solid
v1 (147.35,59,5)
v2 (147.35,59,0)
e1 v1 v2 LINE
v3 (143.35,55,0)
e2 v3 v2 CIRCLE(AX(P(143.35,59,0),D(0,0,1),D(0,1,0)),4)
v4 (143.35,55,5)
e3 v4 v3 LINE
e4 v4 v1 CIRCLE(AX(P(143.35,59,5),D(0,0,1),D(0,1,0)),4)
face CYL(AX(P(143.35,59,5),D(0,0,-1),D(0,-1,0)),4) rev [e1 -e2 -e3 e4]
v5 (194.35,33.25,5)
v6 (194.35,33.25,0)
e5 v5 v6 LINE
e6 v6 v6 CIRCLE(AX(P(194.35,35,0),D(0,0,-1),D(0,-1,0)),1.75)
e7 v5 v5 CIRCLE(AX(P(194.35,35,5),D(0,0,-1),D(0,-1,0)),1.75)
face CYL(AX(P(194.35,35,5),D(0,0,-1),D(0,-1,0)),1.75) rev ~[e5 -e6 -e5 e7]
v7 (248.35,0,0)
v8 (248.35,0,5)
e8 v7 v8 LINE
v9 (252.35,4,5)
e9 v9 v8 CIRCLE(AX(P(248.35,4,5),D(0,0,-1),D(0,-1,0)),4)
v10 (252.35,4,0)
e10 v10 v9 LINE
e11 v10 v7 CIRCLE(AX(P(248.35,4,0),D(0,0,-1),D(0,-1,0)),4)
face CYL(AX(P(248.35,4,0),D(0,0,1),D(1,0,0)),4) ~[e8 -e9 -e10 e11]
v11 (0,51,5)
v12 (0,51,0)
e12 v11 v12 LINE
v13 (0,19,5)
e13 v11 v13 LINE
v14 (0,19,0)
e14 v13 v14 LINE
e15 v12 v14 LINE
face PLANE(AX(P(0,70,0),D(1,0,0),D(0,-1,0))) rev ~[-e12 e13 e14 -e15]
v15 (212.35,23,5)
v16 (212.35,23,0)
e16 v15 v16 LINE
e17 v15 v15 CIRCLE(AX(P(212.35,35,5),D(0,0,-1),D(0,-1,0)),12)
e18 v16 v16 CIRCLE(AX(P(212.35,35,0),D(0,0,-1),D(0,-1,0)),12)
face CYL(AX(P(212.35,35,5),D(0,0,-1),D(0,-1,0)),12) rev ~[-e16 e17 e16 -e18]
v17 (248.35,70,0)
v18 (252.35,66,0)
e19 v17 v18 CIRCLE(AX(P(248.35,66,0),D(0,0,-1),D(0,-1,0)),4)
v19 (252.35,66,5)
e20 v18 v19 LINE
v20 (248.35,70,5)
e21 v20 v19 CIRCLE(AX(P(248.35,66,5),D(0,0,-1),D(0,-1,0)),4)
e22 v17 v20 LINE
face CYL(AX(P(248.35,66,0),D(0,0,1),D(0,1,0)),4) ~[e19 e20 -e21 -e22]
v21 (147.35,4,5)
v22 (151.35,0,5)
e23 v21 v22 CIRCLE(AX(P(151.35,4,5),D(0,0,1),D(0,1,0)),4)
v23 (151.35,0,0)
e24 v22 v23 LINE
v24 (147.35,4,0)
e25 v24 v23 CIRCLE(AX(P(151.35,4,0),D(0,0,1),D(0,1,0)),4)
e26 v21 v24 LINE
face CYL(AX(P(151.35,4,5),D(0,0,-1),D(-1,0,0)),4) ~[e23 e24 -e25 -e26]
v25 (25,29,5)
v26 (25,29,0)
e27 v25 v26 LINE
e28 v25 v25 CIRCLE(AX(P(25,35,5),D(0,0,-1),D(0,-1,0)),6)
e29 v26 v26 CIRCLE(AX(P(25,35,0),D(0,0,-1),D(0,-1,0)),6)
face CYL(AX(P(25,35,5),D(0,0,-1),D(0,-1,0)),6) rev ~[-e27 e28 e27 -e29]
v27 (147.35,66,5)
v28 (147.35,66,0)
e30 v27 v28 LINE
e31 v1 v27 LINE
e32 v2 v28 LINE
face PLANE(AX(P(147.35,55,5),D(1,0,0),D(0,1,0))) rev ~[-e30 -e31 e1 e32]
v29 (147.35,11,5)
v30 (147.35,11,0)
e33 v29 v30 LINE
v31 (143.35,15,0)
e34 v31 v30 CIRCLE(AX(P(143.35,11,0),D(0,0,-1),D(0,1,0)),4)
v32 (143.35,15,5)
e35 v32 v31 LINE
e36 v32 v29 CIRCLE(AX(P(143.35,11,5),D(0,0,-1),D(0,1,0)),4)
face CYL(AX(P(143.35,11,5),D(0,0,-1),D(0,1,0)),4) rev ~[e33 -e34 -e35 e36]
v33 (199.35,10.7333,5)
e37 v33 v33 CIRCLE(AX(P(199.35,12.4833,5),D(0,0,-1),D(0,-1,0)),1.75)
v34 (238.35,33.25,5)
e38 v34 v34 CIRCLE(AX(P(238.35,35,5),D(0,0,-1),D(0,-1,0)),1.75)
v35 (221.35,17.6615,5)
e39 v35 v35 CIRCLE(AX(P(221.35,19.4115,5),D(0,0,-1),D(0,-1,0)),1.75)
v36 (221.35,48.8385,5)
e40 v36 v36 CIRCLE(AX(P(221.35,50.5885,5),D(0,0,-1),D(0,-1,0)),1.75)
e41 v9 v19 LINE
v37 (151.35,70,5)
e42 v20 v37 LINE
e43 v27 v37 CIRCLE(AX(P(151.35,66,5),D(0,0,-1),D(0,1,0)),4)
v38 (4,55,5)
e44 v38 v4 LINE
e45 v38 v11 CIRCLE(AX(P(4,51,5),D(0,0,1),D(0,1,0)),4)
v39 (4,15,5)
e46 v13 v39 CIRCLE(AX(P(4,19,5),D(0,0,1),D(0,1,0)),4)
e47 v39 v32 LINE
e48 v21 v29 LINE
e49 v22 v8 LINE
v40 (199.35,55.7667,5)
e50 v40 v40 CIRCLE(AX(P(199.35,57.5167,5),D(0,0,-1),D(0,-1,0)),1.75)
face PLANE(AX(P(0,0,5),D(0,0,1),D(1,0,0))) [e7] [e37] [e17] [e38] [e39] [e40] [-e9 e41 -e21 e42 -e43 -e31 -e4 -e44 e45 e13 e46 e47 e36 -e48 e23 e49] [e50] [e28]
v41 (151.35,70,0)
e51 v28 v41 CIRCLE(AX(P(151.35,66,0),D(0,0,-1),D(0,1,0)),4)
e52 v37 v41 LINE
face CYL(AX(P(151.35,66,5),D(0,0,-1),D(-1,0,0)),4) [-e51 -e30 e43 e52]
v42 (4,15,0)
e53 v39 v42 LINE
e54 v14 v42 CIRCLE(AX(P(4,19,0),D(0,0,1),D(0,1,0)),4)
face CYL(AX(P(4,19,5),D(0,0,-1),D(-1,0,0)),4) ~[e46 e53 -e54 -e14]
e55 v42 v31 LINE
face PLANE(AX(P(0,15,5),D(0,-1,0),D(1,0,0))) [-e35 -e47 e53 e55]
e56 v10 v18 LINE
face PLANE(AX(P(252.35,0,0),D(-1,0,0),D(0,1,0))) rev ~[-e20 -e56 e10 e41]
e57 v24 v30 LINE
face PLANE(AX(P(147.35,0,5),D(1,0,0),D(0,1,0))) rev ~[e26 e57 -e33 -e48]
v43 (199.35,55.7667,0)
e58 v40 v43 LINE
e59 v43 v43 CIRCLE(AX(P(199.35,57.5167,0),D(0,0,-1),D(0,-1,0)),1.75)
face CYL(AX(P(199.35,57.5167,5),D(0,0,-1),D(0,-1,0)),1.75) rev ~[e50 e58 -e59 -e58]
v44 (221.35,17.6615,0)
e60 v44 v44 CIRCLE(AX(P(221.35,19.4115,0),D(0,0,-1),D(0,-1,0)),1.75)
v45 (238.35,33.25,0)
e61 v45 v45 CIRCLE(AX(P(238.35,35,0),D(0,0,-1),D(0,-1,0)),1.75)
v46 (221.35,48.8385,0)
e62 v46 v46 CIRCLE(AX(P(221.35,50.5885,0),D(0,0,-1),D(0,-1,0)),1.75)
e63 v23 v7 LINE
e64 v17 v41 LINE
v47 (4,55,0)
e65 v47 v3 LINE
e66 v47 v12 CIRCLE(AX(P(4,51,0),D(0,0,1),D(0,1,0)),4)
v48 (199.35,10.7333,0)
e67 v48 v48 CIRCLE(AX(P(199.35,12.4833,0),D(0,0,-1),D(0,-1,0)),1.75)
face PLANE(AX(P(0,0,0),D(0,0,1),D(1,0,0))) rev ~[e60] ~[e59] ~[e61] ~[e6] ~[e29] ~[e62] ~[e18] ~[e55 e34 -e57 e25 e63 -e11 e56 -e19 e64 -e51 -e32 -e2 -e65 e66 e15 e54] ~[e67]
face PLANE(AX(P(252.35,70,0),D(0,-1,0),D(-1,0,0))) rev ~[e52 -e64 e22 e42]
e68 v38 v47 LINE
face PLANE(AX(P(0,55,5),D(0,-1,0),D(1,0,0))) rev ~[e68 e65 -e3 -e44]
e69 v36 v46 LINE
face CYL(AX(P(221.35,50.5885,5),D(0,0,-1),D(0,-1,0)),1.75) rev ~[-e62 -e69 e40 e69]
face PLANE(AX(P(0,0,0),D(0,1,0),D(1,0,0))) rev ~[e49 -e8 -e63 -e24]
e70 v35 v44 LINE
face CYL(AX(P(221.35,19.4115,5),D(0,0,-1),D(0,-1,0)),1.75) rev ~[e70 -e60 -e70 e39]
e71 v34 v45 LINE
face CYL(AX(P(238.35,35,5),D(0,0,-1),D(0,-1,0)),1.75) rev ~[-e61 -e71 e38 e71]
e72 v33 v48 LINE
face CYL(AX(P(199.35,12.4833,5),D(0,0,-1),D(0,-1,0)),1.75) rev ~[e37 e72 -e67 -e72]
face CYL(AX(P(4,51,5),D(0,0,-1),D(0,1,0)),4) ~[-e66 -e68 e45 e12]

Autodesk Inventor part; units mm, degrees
ref_plane "YZ Plane" through (0, 0, 0) normal (1, 0, 0) x (0, 1, 0)
ref_plane "XZ Plane" through (0, 0, 0) normal (0, 1, 0) x (-1, 0, 0)
ref_plane "XY Plane" through (0, 0, 0) normal (0, 0, 1) x (1, 0, 0)
sketch "スケッチ1" plane through (0, 0, 0) normal (0, 0, 1) x (1, 0, 0)
  line L0 (0, 0) -> (252.35, 0)
  line L1 (252.35, 0) -> (252.35, 70)
  line L2 (252.35, 70) -> (0, 70)
  line L3 (0, 70) -> (0, 0)
  dimension "d0" = 70
  dimension "d1" = 252.35
extrude "押し出し1" add sketch "スケッチ1" along normal blind 5
sketch "スケッチ2" plane through (0, 0, 5) normal (0, 0, 1) x (1, 0, 0)
  line L0 (0, 0) -> (252.35, 0) projected
  line L1 (0, 70) -> (0, 0) projected
  point P0 (25, 35)
  dimension "d4" = 35
  dimension "d5" = 25
hole "穴1" at (25, 35, 5) direction (0, 0, -1) diameter 12 end through all
sketch "スケッチ3" plane through (0, 0, 5) normal (0, 0, 1) x (1, 0, 0)
  line L0 (252.35, 0) -> (252.35, 70) projected
  circle A0 centre (25, 35) radius 6 projected
  line L1 (0, 0) -> (252.35, 0) projected
  point P0 (212.35, 35)
  dimension "d14" = 187.35
  dimension "d15" = 35
hole "穴2" at (212.35, 35, 5) direction (0, 0, -1) diameter 24 end through all
sketch "スケッチ4" plane through (0, 0, 5) normal (0, 0, 1) x (1, 0, 0)
  line L0 (252.35, 0) -> (252.35, 70) projected
  line L1 (0, 70) -> (0, 0) projected
  line L2 (252.35, 70) -> (0, 70) projected
  line L3 (0, 0) -> (252.35, 0) projected
  line L4 (0, 55) -> (147.35, 55)
  line L5 (0, 15) -> (147.35, 15)
  line L6 (147.35, 0) -> (147.35, 15)
  line L7 (147.35, 55) -> (147.35, 70)
  line L8 (147.35, 55) -> (0, 55)
  line L9 (0, 55) -> (0, 70)
  line L10 (0, 70) -> (147.35, 70)
  line L11 (147.35, 70) -> (147.35, 55)
  line L12 (147.35, 15) -> (0, 15)
  line L13 (0, 15) -> (0, 0)
  line L14 (0, 0) -> (147.35, 0)
  line L15 (147.35, 0) -> (147.35, 15)
  dimension "d24" = 15
  dimension "d25" = 15
extrude "押し出し2" cut sketch "スケッチ4" against normal blind 10 contours L3 L1 L5 L6 | L7 L4 L1 L2
fillet "フィレット1" radius 4 2 edges at (147.35, 15, 2.5) (147.35, 55, 2.5)
sketch "スケッチ5" plane through (0, 0, 5) normal (0, 0, 1) x (1, 0, 0)
  line L0 (147.35, 0) -> (252.35, 0) projected
  circle A0 centre (212.35, 35) radius 12 projected
  point P0 (0, 0)
  point P1 (238.35, 35)
  point P2 (199.35, 57.5167)
  point P3 (199.35, 12.4833)
  dimension "d29" = 35
  dimension "d30" = 26
  dimension "d33" = 360
hole "穴3" at (238.35, 35, 5) at (199.35, 57.5167, 5) at (199.35, 12.4833, 5) direction (0, 0, -1) diameter 3.5 end through all
sketch "スケッチ6" plane through (0, 0, 5) normal (0, 0, 1) x (1, 0, 0)
  circle A0 centre (212.35, 35) radius 12 projected
  line L0 (147.35, 0) -> (252.35, 0) projected
  point P0 (0, 0)
  point P1 (194.35, 35)
  point P2 (221.35, 19.4115)
  point P3 (221.35, 50.5885)
  dimension "d42" = 18
  dimension "d43" = 35
  dimension "d46" = 360
hole "穴4" at (194.35, 35, 5) at (221.35, 19.4115, 5) at (221.35, 50.5885, 5) direction (0, 0, -1) diameter 3.5 end through all
fillet "フィレット2" radius 4 6 edges at (0, 55, 2.5) (0, 15, 2.5) (147.35, 0, 2.5) (147.35, 70, 2.5) (252.35, 70, 2.5) (252.35, 0, 2.5)
sketch "スケッチ7" plane through (0, 0, 0) normal (0, 0, -1) x (-1, 0, 0)
  point P0 (0, 0)
properties part number "タイヤアーム"
